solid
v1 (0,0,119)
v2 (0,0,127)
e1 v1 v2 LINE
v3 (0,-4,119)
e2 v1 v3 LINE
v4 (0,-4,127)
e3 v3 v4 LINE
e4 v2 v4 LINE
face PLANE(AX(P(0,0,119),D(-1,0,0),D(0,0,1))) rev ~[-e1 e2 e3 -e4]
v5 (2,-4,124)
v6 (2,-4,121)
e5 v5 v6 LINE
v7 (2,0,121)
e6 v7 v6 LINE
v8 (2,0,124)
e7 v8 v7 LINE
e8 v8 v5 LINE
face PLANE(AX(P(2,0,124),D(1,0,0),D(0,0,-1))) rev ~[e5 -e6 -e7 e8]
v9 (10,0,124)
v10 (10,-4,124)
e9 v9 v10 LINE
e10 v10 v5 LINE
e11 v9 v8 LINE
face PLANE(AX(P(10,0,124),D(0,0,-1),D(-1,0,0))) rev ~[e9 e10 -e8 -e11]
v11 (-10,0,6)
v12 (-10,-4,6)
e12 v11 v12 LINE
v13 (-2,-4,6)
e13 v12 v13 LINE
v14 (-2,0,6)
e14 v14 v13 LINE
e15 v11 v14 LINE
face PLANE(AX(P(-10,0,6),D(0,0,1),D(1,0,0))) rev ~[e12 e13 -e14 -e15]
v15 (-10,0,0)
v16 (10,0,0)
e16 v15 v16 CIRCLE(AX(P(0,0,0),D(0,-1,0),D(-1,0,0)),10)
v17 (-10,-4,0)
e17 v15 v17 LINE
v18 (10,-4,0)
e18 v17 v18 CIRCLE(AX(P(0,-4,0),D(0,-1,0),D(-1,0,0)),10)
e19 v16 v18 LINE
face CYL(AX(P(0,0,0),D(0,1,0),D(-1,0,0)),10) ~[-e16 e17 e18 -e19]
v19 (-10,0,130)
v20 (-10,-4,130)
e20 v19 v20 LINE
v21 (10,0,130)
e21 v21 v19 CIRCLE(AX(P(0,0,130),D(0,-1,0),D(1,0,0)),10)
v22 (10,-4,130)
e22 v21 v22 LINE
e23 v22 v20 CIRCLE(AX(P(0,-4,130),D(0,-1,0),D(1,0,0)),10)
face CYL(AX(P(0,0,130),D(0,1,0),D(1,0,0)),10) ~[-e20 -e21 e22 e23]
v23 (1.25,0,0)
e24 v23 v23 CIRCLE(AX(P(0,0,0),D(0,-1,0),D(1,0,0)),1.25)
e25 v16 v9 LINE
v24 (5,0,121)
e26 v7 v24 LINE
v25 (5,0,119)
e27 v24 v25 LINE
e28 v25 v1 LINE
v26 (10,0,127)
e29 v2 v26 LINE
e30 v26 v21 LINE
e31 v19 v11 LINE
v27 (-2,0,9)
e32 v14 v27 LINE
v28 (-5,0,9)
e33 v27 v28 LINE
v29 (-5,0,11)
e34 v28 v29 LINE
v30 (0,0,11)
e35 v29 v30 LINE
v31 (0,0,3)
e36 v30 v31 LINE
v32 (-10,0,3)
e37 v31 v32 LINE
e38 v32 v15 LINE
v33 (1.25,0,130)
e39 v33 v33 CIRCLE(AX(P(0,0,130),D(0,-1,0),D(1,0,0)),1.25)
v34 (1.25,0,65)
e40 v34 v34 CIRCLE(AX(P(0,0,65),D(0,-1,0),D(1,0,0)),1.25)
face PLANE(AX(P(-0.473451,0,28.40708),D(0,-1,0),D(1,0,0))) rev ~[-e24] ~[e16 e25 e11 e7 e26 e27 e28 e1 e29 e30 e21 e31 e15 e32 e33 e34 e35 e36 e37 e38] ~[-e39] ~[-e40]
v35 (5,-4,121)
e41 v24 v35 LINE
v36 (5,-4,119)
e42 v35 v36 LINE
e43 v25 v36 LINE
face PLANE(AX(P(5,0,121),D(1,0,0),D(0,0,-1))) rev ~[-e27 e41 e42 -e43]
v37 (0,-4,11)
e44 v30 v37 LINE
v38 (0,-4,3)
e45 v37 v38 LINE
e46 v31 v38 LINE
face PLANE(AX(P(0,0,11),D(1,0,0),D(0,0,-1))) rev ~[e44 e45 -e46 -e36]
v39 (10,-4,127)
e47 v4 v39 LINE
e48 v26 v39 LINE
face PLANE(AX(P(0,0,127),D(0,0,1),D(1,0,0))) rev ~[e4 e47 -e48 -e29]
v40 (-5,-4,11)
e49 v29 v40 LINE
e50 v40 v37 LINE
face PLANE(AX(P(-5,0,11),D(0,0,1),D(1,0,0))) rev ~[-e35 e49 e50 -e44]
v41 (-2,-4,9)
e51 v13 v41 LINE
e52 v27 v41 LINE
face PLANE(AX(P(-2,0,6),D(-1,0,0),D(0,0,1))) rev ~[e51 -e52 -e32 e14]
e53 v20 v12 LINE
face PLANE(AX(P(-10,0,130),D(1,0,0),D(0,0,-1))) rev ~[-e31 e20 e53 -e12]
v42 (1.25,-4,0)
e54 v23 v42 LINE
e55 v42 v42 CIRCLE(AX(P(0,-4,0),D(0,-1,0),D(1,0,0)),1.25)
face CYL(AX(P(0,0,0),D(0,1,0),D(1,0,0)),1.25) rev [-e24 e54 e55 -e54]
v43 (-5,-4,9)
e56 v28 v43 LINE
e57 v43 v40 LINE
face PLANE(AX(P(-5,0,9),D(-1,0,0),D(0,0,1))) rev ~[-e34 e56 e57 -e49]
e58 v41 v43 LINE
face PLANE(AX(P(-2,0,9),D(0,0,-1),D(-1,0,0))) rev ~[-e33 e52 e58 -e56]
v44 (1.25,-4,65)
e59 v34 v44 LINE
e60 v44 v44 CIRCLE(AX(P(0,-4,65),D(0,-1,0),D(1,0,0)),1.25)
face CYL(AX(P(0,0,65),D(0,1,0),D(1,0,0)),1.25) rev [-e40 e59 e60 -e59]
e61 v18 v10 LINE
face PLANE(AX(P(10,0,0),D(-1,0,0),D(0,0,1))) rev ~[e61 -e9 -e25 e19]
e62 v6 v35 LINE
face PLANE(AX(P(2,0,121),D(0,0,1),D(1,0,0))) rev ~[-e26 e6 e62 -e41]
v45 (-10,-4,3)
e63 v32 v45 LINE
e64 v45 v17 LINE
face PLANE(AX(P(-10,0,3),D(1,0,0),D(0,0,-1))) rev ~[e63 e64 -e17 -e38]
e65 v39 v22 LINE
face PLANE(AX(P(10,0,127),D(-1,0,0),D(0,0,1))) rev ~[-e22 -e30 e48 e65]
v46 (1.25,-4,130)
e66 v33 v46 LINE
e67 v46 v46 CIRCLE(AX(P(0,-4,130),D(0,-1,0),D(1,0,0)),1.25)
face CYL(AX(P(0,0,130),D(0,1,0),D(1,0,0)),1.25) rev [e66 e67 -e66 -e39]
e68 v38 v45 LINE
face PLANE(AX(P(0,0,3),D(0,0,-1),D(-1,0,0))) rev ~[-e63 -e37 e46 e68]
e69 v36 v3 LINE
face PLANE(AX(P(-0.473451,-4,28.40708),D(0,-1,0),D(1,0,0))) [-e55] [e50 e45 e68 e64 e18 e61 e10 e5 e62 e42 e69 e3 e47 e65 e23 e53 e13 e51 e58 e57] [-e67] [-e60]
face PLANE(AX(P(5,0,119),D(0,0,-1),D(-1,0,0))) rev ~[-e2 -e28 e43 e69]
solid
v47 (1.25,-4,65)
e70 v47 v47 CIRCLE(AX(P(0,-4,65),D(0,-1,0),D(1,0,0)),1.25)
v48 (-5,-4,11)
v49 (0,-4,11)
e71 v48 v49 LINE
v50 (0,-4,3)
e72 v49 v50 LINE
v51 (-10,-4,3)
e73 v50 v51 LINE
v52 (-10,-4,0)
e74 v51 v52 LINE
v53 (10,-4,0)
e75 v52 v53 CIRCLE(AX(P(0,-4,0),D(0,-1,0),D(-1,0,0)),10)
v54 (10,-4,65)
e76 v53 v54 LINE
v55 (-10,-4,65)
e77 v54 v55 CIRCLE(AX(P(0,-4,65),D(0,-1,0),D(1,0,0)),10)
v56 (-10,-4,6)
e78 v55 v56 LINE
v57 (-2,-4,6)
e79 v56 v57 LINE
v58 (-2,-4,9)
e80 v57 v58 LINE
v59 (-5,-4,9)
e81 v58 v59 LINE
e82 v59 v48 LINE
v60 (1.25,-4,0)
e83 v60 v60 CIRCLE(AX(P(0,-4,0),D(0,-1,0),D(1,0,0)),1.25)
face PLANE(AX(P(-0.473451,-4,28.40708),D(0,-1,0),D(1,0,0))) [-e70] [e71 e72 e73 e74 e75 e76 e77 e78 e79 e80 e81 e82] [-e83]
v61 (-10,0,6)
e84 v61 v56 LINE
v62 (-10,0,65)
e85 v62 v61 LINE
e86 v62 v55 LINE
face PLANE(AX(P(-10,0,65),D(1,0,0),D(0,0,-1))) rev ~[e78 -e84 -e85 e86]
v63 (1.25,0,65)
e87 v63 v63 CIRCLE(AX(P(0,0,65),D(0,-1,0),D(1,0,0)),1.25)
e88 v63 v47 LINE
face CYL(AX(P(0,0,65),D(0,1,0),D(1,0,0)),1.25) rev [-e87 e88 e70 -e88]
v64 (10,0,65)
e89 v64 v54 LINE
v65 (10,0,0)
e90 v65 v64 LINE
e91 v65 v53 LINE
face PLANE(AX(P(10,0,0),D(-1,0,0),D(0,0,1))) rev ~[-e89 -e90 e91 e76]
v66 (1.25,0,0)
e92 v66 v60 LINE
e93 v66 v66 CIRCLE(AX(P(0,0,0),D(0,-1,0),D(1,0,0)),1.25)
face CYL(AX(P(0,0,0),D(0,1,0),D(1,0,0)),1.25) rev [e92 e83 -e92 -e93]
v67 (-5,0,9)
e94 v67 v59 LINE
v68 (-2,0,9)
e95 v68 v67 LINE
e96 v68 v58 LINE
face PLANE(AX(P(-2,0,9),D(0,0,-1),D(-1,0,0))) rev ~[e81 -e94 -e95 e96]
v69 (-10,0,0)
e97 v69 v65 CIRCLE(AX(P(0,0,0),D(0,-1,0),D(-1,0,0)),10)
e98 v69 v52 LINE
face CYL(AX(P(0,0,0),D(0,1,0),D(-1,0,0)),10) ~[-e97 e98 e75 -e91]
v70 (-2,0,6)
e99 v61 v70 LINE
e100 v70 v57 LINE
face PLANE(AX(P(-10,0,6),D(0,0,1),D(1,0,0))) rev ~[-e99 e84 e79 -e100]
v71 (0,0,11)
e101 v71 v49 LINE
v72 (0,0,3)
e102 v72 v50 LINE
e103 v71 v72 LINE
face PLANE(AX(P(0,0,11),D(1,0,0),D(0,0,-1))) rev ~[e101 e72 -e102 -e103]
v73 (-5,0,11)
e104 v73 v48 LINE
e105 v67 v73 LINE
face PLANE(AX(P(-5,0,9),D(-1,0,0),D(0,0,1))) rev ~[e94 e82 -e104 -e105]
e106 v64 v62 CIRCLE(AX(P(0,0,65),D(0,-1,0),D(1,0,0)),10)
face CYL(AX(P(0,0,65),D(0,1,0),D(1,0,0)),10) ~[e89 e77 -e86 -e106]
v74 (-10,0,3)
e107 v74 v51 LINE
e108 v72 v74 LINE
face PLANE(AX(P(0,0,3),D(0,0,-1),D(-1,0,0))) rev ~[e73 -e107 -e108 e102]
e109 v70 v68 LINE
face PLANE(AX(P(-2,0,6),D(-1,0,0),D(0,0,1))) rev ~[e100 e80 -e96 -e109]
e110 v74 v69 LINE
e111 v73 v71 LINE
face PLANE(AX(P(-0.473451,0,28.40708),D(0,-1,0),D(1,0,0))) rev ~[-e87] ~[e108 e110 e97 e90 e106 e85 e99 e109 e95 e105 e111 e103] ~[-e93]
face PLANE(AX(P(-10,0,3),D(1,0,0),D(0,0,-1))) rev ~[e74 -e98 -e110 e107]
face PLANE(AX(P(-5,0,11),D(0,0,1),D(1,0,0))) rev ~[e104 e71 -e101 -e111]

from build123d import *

# Parameters (mm, degrees)
F0_R     = 1.25
F1_DEPTH = 4
F2_DEPTH = 4


with BuildPart() as f1:
    # F0 (on Front) → F1 (new body)
    with BuildSketch(Plane.XZ):
        with BuildLine():
            Line((10, 0), (10, 65))
            ThreePointArc((10, 65), (0, 75), (-10, 65))
            Line((-10, 65), (-10, 6))
            Line((-10, 6), (-2, 6))
            Line((-2, 6), (-2, 9))
            Line((-2, 9), (-5, 9))
            Line((-5, 9), (-5, 11))
            Line((-5, 11), (0, 11))
            Line((0, 11), (0, 3))
            Line((0, 3), (-10, 3))
            Line((-10, 3), (-10, 0))
            ThreePointArc((-10, 0), (0, -10), (10, 0))
        make_face()
        Circle(F0_R, mode=Mode.SUBTRACT)
        with Locations((0, 65)):
            Circle(F0_R, mode=Mode.SUBTRACT)
        with BuildLine():
            ThreePointArc((-10, 65), (0, 75), (10, 65))
            Line((10, 65), (10, 124))
            Line((10, 124), (2, 124))
            Line((2, 124), (2, 121))
            Line((2, 121), (5, 121))
            Line((5, 121), (5, 119))
            Line((5, 119), (0, 119))
            Line((0, 119), (0, 127))
            Line((0, 127), (10, 127))
            Line((10, 127), (10, 130))
            ThreePointArc((10, 130), (0, 140), (-10, 130))
            Line((-10, 130), (-10, 65))
        make_face()
        with Locations((0, 130)):
            Circle(F0_R, mode=Mode.SUBTRACT)
    extrude(amount=F1_DEPTH)


with BuildPart() as f2:
    # F0 (on Front) → F2 (new body, through all)
    with BuildSketch(Plane.XZ):
        with BuildLine():
            Line((10, 0), (10, 65))
            ThreePointArc((10, 65), (0, 75), (-10, 65))
            Line((-10, 65), (-10, 6))
            Line((-10, 6), (-2, 6))
            Line((-2, 6), (-2, 9))
            Line((-2, 9), (-5, 9))
            Line((-5, 9), (-5, 11))
            Line((-5, 11), (0, 11))
            Line((0, 11), (0, 3))
            Line((0, 3), (-10, 3))
            Line((-10, 3), (-10, 0))
            ThreePointArc((-10, 0), (0, -10), (10, 0))
        make_face()
        Circle(F0_R, mode=Mode.SUBTRACT)
        with Locations((0, 65)):
            Circle(F0_R, mode=Mode.SUBTRACT)
    extrude(amount=F2_DEPTH)


solid = Compound([f1.part, f2.part])
